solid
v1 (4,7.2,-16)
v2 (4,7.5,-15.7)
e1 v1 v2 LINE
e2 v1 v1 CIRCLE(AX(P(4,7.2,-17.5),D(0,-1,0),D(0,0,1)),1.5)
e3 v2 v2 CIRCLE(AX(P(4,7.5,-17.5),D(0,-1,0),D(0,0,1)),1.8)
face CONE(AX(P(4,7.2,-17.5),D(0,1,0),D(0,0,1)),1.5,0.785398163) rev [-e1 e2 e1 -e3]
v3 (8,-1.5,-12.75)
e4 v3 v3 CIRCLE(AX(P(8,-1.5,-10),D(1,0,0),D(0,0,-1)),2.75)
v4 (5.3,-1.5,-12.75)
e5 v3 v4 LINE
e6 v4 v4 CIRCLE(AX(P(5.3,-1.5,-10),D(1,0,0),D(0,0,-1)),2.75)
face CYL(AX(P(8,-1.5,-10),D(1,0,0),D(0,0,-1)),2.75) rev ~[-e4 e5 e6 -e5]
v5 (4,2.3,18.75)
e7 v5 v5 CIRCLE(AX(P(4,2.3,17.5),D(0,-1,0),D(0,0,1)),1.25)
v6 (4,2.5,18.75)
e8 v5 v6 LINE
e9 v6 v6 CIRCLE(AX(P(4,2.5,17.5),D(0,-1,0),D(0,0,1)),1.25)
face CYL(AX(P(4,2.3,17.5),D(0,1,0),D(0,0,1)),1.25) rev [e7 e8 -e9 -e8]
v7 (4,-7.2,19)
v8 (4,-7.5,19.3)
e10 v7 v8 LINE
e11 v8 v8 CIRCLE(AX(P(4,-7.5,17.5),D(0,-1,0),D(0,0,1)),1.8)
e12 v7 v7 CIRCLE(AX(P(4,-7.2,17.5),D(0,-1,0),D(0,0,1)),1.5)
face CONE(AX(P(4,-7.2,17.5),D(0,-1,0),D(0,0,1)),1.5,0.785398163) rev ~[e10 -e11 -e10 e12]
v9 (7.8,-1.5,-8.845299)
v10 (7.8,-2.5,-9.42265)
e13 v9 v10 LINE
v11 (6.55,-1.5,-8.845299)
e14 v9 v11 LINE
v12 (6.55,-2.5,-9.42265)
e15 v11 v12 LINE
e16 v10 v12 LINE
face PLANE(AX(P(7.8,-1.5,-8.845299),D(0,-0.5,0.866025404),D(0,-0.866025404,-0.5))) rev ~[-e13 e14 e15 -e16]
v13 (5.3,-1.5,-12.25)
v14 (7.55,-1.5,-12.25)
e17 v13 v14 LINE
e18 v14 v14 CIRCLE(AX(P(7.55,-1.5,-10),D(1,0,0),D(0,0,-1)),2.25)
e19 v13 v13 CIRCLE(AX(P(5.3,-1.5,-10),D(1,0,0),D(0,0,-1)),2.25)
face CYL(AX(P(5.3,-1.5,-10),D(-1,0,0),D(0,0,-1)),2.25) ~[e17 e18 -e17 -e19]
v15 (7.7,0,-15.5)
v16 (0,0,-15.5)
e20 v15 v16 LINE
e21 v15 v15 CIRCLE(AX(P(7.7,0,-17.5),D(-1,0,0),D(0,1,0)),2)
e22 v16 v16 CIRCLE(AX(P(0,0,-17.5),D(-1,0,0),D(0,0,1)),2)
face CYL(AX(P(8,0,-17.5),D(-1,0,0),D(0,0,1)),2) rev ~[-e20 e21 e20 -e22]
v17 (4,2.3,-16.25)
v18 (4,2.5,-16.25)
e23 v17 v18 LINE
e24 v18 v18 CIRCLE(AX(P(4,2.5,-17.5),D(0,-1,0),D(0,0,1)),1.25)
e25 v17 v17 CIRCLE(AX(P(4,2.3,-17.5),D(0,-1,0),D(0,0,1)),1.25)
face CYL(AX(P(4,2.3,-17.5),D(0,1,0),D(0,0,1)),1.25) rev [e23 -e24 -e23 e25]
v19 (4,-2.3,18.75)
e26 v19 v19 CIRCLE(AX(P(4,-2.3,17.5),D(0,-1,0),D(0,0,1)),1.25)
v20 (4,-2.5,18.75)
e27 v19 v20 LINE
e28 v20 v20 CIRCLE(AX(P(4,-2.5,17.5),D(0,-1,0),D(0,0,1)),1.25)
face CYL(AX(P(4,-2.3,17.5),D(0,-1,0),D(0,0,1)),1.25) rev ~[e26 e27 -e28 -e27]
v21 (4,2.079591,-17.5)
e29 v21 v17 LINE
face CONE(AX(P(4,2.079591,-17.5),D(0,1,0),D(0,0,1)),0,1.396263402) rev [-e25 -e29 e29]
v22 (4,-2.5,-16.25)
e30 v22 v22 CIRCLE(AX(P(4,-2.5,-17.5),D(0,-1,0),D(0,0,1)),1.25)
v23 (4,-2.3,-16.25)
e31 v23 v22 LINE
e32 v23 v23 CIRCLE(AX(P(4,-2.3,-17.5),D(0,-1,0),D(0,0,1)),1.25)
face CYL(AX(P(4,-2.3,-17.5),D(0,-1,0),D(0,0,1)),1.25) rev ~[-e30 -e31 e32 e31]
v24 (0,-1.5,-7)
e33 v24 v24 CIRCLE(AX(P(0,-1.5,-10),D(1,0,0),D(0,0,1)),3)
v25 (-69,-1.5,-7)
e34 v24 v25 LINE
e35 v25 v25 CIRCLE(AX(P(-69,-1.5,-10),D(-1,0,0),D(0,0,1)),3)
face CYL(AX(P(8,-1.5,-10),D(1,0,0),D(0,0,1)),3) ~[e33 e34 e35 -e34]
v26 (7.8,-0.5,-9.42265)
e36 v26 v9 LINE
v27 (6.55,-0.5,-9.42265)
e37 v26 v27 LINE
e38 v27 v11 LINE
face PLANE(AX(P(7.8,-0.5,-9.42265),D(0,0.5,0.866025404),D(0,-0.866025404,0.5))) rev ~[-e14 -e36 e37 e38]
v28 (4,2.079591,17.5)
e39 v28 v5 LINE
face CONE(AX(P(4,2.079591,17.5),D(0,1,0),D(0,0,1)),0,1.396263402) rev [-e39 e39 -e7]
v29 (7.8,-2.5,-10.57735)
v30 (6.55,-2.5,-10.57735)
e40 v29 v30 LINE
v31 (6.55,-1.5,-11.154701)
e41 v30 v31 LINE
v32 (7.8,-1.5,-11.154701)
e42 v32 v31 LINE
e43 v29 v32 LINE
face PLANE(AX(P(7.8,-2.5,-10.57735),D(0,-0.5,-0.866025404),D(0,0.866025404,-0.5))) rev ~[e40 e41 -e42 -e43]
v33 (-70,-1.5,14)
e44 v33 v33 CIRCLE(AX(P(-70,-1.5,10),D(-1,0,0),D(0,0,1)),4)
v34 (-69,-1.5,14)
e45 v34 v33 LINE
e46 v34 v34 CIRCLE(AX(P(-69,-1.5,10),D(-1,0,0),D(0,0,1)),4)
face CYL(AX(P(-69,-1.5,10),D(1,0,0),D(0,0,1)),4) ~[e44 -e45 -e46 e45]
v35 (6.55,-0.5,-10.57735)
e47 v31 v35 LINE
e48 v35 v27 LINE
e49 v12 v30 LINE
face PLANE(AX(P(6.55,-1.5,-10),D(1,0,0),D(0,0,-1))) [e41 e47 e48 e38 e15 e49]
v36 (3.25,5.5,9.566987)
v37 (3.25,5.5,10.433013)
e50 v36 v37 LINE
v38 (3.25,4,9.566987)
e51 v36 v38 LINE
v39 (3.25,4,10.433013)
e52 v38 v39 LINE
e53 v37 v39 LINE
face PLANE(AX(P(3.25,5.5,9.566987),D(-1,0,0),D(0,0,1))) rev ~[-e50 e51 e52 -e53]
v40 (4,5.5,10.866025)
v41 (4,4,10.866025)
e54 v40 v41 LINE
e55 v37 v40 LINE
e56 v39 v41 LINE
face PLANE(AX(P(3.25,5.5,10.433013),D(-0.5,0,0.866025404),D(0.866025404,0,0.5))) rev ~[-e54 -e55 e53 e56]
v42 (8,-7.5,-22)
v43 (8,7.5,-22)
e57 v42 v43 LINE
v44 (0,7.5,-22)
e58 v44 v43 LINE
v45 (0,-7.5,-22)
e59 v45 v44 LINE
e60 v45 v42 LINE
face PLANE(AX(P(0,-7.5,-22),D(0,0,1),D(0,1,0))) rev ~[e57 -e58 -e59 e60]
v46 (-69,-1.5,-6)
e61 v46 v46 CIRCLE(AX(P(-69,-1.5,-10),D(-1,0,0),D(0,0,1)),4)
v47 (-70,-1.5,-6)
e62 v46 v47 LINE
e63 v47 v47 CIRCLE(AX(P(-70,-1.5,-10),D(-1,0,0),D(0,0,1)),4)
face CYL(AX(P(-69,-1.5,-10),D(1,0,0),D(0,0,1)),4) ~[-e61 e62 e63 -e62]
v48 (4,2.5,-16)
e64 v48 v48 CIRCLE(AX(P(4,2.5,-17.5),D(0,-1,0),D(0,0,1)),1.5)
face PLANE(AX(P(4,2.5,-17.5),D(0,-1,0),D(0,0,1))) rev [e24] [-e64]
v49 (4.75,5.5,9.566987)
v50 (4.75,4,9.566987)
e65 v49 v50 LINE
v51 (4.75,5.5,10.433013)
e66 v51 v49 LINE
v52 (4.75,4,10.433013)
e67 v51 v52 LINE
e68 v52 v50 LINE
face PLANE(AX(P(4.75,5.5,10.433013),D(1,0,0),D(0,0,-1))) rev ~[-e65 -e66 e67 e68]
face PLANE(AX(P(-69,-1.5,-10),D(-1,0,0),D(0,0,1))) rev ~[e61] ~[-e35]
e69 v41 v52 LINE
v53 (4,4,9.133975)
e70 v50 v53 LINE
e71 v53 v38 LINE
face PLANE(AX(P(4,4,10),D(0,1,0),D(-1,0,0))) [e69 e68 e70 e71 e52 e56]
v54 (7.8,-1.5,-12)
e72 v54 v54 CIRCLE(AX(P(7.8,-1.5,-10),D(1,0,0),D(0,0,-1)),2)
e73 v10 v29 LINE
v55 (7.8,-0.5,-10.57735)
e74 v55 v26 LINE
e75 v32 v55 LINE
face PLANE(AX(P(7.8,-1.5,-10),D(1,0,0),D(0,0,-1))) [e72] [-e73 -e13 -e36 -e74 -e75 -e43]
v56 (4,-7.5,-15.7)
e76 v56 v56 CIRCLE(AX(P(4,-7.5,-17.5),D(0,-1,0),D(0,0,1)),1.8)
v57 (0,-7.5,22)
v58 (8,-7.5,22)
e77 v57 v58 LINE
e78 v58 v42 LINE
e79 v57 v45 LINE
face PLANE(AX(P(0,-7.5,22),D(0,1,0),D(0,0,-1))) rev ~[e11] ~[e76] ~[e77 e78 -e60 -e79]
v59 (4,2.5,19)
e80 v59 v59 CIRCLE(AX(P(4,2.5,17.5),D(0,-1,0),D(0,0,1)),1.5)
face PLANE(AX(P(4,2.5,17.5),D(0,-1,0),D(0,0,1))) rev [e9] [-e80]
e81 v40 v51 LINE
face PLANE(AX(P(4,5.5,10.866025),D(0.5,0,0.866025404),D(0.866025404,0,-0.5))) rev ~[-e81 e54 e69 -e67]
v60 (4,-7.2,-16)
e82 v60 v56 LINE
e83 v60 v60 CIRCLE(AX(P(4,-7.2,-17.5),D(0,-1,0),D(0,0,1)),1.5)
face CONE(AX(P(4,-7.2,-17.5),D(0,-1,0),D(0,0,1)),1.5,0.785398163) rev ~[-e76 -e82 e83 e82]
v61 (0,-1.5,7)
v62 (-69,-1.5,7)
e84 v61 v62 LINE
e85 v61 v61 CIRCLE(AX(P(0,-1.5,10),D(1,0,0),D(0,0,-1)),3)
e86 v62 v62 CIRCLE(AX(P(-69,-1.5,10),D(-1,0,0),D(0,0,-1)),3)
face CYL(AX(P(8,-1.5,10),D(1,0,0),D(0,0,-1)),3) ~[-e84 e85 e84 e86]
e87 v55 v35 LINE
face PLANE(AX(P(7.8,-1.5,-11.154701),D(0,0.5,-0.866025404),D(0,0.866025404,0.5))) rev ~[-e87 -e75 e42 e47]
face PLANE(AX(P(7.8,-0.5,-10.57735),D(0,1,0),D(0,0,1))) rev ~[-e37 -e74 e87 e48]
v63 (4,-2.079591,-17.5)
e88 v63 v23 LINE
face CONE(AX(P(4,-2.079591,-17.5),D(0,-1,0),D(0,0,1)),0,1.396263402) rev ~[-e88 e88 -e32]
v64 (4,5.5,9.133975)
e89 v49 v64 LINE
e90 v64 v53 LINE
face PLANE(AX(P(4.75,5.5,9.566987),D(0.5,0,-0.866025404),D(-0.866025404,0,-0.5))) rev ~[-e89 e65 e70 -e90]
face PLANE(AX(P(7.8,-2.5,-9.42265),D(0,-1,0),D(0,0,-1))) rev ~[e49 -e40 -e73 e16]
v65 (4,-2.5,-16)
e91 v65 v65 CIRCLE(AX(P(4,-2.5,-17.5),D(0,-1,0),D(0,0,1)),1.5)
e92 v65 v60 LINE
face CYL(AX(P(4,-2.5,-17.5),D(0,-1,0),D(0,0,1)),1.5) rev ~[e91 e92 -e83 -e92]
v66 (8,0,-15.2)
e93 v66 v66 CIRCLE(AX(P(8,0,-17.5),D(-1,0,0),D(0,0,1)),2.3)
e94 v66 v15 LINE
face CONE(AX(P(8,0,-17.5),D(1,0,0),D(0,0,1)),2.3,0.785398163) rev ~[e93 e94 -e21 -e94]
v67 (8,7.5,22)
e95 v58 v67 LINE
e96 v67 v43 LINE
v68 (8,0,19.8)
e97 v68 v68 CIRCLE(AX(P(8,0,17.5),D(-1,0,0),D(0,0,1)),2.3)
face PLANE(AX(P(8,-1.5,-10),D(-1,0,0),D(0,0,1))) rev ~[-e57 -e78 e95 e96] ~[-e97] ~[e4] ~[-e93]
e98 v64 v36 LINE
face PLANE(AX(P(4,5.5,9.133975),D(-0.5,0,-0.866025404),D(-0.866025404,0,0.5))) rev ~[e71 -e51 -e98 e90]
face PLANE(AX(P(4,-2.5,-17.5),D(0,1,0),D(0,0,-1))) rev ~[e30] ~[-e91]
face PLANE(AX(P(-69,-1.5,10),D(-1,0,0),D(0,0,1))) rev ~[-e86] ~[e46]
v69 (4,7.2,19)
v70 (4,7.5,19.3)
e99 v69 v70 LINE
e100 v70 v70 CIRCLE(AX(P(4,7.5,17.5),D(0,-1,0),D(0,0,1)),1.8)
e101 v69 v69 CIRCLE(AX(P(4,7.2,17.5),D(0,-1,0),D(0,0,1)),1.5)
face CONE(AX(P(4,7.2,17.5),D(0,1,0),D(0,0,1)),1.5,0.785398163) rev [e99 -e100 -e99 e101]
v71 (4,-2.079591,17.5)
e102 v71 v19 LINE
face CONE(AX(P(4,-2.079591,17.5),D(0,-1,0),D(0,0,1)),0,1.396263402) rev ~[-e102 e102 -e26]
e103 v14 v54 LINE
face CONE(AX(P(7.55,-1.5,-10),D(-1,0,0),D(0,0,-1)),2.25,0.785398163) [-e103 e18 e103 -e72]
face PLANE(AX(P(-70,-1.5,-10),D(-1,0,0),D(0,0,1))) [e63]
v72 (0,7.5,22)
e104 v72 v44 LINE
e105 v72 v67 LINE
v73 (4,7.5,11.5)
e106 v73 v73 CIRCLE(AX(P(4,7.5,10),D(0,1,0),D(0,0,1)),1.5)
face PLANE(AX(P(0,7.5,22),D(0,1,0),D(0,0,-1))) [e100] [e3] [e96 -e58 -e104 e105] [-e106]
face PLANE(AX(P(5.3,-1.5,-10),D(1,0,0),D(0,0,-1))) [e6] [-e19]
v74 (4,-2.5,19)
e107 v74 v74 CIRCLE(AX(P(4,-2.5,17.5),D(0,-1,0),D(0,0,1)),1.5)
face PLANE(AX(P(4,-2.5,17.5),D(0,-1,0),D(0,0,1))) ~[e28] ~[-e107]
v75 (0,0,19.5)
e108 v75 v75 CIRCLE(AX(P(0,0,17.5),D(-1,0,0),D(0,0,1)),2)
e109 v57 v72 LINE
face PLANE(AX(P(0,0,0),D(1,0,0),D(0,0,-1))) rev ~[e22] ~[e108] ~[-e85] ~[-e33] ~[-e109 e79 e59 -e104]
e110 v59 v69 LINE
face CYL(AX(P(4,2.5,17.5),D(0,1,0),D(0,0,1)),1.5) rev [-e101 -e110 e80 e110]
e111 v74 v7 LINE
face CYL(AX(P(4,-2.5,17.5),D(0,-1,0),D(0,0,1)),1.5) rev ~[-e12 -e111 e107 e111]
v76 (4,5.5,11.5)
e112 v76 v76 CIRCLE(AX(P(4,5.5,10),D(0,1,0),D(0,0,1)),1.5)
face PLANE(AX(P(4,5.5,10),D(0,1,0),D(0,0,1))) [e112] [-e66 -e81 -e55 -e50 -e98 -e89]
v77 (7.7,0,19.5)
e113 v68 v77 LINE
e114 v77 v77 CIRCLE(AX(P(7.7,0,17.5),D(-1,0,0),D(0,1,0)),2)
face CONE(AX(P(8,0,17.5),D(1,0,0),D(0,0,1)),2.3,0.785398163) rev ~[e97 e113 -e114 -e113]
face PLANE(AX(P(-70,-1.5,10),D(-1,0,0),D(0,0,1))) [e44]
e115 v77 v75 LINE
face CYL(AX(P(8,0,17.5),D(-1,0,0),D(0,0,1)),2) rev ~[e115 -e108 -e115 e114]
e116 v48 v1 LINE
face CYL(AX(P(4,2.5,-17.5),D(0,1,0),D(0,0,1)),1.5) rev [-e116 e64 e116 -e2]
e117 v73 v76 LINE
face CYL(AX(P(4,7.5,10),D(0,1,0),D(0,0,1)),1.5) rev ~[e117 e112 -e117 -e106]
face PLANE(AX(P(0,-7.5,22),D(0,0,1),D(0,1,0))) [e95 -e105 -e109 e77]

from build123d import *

# Parameters (mm, degrees)
PLATE_SKETCH_W               = 44
PLATE_SKETCH_H               = 15
PLATE_DEPTH                  = 8
TAPPED_HOLE_FACE_D           = 4
TAPPED_HOLE_FACE_CSINK_D     = 4.6
TAPPED_HOLE_FACE_CSINK_ANGLE = 90
RODS_DEPTH                   = 60
RODS_DEPTH_BACK              = 17
RODS_SKETCH_R                = 3
PISTON_SKETCH_R              = 4
PISTON_DEPTH                 = 1
TAPPED_HOLES_TOP_AT_2_COUNT  = 2
TAPPED_HOLES_TOP_AT_2_PITCH  = 35
SHCS_SEAT_SKETCH_R           = 2.75
SHCS_SEAT_DEPTH              = 2.7
SHCS_HEAD_SKETCH_R           = 2.25
SHCS_HEAD_DEPTH              = 2.5
SHCS_HEX_DEPTH               = 1.25
SHCS_CHAM_SIZE               = 0.25
SS_SEAT_SKETCH_R             = 1.5
SS_SEAT_DEPTH                = 2
SS_HEX_DEPTH                 = 1.5


with BuildPart() as part:
    # Plate_Sketch → Plate (new body)
    with BuildSketch(Plane(origin=(0, 0, 0), x_dir=(0, 0, -1), z_dir=(1, 0, 0))):
        Rectangle(PLATE_SKETCH_W, PLATE_SKETCH_H)
    extrude(amount=PLATE_DEPTH)

    # Tapped Hole Face (through all)
    with Locations(Plane(origin=(8, 0, 0), x_dir=(0, 0, -1), z_dir=(1, 0, 0))):
        with Locations((-17.5, 0), (17.5, 0)):
            CounterSinkHole(TAPPED_HOLE_FACE_D / 2, TAPPED_HOLE_FACE_CSINK_D / 2, counter_sink_angle=TAPPED_HOLE_FACE_CSINK_ANGLE)

    # Rods_Sketch → Rods (add, two sides: drawn at the far end of the back side and taken through both)
    with BuildSketch(Plane.ZY.offset(9).offset(-RODS_DEPTH_BACK)):
        with Locations((-10, -1.5)):
            Circle(RODS_SKETCH_R)
        with Locations(Location((10, -1.5, 0), (0, 0, 180))):
            Circle(RODS_SKETCH_R)
    extrude(amount=RODS_DEPTH + RODS_DEPTH_BACK)

    # Piston_Sketch → Piston (add)
    with BuildSketch(Plane.ZY.offset(69)):
        with Locations((-10, -1.5)):
            Circle(PISTON_SKETCH_R)
        with Locations((10, -1.5)):
            Circle(PISTON_SKETCH_R)
    extrude(amount=PISTON_DEPTH)

    # Tapped Holes Top Profile → Tapped Holes Top (revolve, cut)
    with BuildSketch(Plane(origin=(4, 7.5, -17.5), x_dir=(0, 0, 1), z_dir=(1, 0, 0))):
        Polygon((0, 0), (0, 5.420408726), (1.25, 5.2), (1.25, 5), (1.5, 5), (1.5, 0.3), (1.8, 0), align=None)
    tapped_holes_top = revolve(axis=Axis((4, 13.85, -17.5), (0, -1, 0)), mode=Mode.SUBTRACT)

    # Tapped Holes Top at 2: Tapped Holes Top ×2
    with Locations(*[(0, 0, i * TAPPED_HOLES_TOP_AT_2_PITCH) for i in range(1, TAPPED_HOLES_TOP_AT_2_COUNT)]):
        add(tapped_holes_top, mode=Mode.SUBTRACT)

    # Tapped Holes Top Mirror: Tapped Holes Top across plane
    add(tapped_holes_top.mirror(Plane.ZX), mode=Mode.SUBTRACT)

    # Tapped Holes Top Mirror copy 1 sketch → Tapped Holes Top Mirror copy 1 (revolve, cut)
    with BuildSketch(Plane(origin=(4, -7.5, 17.5), x_dir=(0, 0, 1), z_dir=(1, 0, 0))):
        Polygon((0, 0), (0, -5.420408726), (1.25, -5.2), (1.25, -5), (1.5, -5), (1.5, -0.3), (1.8, 0), align=None)
    revolve(axis=Axis((4, -13.85, 17.5), (0, -1, 0)), mode=Mode.SUBTRACT)

    # SHCS Seat_Sketch → SHCS Seat (cut)
    with BuildSketch(Plane(origin=(8, 0, 0), x_dir=(0, 0, -1), z_dir=(1, 0, 0))):
        with Locations((10, -1.5)):
            Circle(SHCS_SEAT_SKETCH_R)
    extrude(amount=-SHCS_SEAT_DEPTH, mode=Mode.SUBTRACT)

    # SHCS Head_Sketch → SHCS Head (add)
    with BuildSketch(Plane(origin=(5.3, 0, 0), x_dir=(0, 0, -1), z_dir=(1, 0, 0))):
        with Locations((10, -1.5)):
            Circle(SHCS_HEAD_SKETCH_R)
    extrude(amount=SHCS_HEAD_DEPTH)

    # SHCS Hex_Sketch → SHCS Hex (cut)
    with BuildSketch(Plane(origin=(7.8, 0, 0), x_dir=(0, 0, -1), z_dir=(1, 0, 0))):
        Polygon((10.577350269, -2.5), (11.154700538, -1.5), (10.577350269, -0.5), (9.422649731, -0.5), (8.845299462, -1.5), (9.422649731, -2.5), align=None)
    extrude(amount=-SHCS_HEX_DEPTH, mode=Mode.SUBTRACT)

    # SHCS Cham
    shcs_cham_edges = [part.edges().sort_by_distance(p)[0] for p in [
        (7.8, -1.5, -7.75),
    ]]
    chamfer(shcs_cham_edges, length=SHCS_CHAM_SIZE)

    # SS Seat_Sketch → SS Seat (cut)
    with BuildSketch(Plane(origin=(0, 7.5, 0), x_dir=(-1, 0, 0), z_dir=(0, 1, 0))):
        with Locations(Location((-4, 10, 0), (0, 0, 90))):
            Circle(SS_SEAT_SKETCH_R)
    extrude(amount=-SS_SEAT_DEPTH, mode=Mode.SUBTRACT)

    # SS Hex_Sketch → SS Hex (cut)
    with BuildSketch(Plane(origin=(0, 5.5, 0), x_dir=(-1, 0, 0), z_dir=(0, 1, 0))):
        Polygon((-4.75, 9.566987298), (-4, 9.133974596), (-3.25, 9.566987298), (-3.25, 10.433012702), (-4, 10.866025404), (-4.75, 10.433012702), align=None)
    extrude(amount=-SS_HEX_DEPTH, mode=Mode.SUBTRACT)


solid = part.part
